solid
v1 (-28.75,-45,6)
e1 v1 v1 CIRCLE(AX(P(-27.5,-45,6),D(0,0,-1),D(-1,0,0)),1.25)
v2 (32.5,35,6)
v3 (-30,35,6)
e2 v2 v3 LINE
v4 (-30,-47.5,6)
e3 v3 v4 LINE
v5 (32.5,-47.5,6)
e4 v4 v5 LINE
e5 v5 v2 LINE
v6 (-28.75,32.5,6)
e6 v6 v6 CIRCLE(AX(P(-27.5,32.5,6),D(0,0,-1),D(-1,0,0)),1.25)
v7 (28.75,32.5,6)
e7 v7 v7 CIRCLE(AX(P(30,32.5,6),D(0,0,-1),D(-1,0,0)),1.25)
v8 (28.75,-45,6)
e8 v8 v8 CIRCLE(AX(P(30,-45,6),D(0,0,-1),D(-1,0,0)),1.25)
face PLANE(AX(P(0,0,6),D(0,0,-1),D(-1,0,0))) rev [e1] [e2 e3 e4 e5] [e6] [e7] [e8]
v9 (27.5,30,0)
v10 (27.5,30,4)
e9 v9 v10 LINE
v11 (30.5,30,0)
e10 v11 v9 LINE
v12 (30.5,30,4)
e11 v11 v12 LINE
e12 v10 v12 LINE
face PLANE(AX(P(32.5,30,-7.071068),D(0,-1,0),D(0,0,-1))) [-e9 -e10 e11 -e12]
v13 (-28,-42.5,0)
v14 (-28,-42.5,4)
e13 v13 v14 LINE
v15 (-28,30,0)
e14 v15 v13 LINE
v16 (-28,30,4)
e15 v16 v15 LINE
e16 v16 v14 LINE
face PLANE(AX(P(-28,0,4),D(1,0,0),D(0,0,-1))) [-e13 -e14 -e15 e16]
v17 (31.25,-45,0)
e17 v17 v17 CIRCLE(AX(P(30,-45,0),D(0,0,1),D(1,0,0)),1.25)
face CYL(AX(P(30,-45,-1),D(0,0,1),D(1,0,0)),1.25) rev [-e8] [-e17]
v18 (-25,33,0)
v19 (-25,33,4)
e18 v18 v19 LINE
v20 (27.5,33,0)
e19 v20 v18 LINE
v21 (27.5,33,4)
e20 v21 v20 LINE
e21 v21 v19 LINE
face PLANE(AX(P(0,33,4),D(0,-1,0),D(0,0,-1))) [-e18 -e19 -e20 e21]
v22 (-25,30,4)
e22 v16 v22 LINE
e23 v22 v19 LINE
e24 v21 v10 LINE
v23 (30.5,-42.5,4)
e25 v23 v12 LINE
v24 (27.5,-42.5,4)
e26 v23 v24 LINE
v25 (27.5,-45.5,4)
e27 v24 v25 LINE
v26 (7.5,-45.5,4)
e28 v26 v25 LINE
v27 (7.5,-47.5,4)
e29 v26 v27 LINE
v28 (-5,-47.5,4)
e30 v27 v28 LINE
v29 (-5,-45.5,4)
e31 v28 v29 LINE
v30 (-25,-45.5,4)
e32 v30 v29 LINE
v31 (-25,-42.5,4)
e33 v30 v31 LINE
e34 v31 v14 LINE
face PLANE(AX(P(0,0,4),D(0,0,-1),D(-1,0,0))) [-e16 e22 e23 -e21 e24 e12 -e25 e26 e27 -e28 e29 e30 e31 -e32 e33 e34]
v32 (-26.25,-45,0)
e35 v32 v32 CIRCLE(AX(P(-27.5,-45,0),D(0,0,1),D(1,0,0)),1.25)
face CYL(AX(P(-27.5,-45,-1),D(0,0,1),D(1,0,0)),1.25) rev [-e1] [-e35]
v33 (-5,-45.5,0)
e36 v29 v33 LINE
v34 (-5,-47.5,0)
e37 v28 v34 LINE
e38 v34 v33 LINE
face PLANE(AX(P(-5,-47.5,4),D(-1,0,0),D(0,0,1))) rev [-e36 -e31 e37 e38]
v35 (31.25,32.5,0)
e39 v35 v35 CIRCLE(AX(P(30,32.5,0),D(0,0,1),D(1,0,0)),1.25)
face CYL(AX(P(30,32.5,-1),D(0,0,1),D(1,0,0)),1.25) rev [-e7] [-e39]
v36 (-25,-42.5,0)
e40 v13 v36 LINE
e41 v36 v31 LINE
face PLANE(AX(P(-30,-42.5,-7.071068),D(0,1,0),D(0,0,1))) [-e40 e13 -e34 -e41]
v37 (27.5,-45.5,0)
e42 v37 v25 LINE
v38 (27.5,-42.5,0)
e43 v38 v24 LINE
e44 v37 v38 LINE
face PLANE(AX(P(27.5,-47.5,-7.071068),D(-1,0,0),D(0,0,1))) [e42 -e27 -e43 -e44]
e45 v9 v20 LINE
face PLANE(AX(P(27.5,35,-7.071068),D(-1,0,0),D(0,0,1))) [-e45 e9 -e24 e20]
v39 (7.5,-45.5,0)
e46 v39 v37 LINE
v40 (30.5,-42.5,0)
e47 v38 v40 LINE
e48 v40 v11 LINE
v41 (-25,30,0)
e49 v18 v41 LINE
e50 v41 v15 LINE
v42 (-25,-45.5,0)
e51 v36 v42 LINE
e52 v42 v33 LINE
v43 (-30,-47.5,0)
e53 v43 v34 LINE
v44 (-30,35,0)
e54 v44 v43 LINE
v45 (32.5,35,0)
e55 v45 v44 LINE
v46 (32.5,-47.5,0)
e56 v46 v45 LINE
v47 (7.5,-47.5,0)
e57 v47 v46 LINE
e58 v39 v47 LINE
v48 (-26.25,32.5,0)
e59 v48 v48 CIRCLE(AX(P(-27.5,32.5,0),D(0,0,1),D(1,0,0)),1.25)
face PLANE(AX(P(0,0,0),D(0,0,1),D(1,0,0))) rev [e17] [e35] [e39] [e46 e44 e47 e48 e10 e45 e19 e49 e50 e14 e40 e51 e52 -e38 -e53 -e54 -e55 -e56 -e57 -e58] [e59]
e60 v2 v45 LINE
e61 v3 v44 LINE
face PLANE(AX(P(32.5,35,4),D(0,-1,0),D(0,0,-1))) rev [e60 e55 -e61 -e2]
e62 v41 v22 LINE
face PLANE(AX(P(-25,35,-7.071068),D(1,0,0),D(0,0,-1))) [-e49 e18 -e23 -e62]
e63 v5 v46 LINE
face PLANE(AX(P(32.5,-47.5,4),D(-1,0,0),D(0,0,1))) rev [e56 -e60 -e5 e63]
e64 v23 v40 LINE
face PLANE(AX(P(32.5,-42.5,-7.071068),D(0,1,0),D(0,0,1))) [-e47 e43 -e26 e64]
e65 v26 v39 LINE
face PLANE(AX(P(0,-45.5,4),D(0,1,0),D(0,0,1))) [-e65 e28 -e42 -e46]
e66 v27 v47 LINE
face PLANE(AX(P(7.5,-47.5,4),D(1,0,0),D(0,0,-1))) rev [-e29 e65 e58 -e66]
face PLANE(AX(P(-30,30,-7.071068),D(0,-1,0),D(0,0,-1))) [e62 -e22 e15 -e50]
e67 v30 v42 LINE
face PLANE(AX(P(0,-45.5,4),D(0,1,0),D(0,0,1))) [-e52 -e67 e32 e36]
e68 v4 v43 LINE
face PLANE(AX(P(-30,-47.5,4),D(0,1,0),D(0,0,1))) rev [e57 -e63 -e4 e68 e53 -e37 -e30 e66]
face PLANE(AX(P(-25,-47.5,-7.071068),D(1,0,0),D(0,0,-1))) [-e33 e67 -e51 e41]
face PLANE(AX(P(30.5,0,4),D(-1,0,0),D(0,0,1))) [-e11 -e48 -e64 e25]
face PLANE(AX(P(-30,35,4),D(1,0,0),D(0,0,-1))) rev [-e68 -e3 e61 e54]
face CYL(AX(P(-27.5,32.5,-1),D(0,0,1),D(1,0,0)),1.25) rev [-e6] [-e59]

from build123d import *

# Parameters (mm, degrees)
SKIZZE1_W                       = 62.5
SKIZZE1_H                       = 82.5
AUFSATZ_LINEAR_AUSTRAGEN1_DEPTH = 4
AUFSATZ_LINEAR_START            = -4
SKIZZE2_W                       = 5
SKIZZE2_H                       = 5
SKIZZE2_R                       = 1.25
AUFSATZ_LINEAR_AUSTRAGEN2_DEPTH = 4
SKIZZE3_W                       = 62.5
SKIZZE3_H                       = 82.5
AUFSATZ_LINEAR_AUSTRAGEN3_DEPTH = 2
SKIZZE2_2_R                     = 1.25
SCHNITT_LINEAR_AUSTRAGEN1_DEPTH = 5
SCHNITT_LINEAR_START            = -2
SKIZZE4_R                       = 1.25
SCHNITT_LINEAR_AUSTRAGEN2_DEPTH = 2
SKIZZE5_W                       = 12.5
SKIZZE5_H                       = 2
SCHNITT_LINEAR_AUSTRAGEN3_DEPTH = 4


with BuildPart() as part:
    # Skizze1 → Aufsatz-Linear austragen1 (new body)
    with BuildSketch(Plane.XY):
        with Locations((1.25, -6.25)):
            Rectangle(SKIZZE1_W, SKIZZE1_H)
        with BuildLine():
            ThreePointArc((-28, 31.354356), (-26.616117, 31.616117), (-26.354356, 33))
            Line((-26.354356, 33), (28.854356, 33))
            ThreePointArc((28.854356, 33), (29.116117, 31.616117), (30.5, 31.354356))
            Line((30.5, 31.354356), (30.5, -43.854356))
            ThreePointArc((30.5, -43.854356), (29.116117, -44.116117), (28.854356, -45.5))
            Line((28.854356, -45.5), (-26.354356, -45.5))
            ThreePointArc((-26.354356, -45.5), (-26.616117, -44.116117), (-28, -43.854356))
            Line((-28, -43.854356), (-28, 31.354356))
        make_face(mode=Mode.SUBTRACT)
    extrude(amount=AUFSATZ_LINEAR_AUSTRAGEN1_DEPTH)

    # Skizze2 → Aufsatz-Linear austragen2 (add)
    # profile 1 of 4: a face of its own
    with BuildSketch(Plane.XY.offset(4).offset(AUFSATZ_LINEAR_START)):
        with Locations((-27.5, -45)):
            Rectangle(SKIZZE2_W, SKIZZE2_H)
        with Locations((-27.5, -45)):
            Circle(SKIZZE2_R, mode=Mode.SUBTRACT)
    # profile 2 of 4: a face of its own
    with BuildSketch(Plane.XY.offset(4).offset(AUFSATZ_LINEAR_START)):
        with Locations((30, -45)):
            Rectangle(SKIZZE2_W, SKIZZE2_H)
        with Locations((30, -45)):
            Circle(SKIZZE2_R, mode=Mode.SUBTRACT)
    # profile 3 of 4: a face of its own
    with BuildSketch(Plane.XY.offset(4).offset(AUFSATZ_LINEAR_START)):
        with Locations((30, 32.5)):
            Rectangle(SKIZZE2_W, SKIZZE2_H)
        with Locations((30, 32.5)):
            Circle(SKIZZE2_R, mode=Mode.SUBTRACT)
    # profile 4 of 4: a face of its own
    with BuildSketch(Plane.XY.offset(4).offset(AUFSATZ_LINEAR_START)):
        with Locations((-27.5, 32.5)):
            Rectangle(SKIZZE2_W, SKIZZE2_H)
        with Locations((-27.5, 32.5)):
            Circle(SKIZZE2_R, mode=Mode.SUBTRACT)
    extrude(amount=AUFSATZ_LINEAR_AUSTRAGEN2_DEPTH)

    # Skizze3 → Aufsatz-Linear austragen3 (add)
    with BuildSketch(Plane.XY.offset(4)):
        with Locations((1.25, -6.25)):
            Rectangle(SKIZZE3_W, SKIZZE3_H)
    extrude(amount=AUFSATZ_LINEAR_AUSTRAGEN3_DEPTH)

    # Skizze2<2> → Schnitt-Linear austragen1 (cut)
    with BuildSketch(Plane.XY.offset(4)):
        with BuildLine():
            ThreePointArc((-26.354356, -45.5), (-26.276367, -45.255387), (-26.25, -45))
            ThreePointArc((-26.25, -45), (-26.815347, -43.954175), (-28, -43.854356))
            ThreePointArc((-28, -43.854356), (-28.383883, -45.883883), (-26.354356, -45.5))
        make_face()
        with BuildLine():
            ThreePointArc((30.5, 31.354356), (31.045825, 31.815347), (31.25, 32.5))
            ThreePointArc((31.25, 32.5), (30.255387, 33.723633), (28.854356, 33))
            ThreePointArc((28.854356, 33), (29.116117, 31.616117), (30.5, 31.354356))
        make_face()
        with BuildLine():
            ThreePointArc((-28, 31.354356), (-26.815347, 31.454175), (-26.25, 32.5))
            ThreePointArc((-26.25, 32.5), (-26.276367, 32.755387), (-26.354356, 33))
            ThreePointArc((-26.354356, 33), (-28.383883, 33.383883), (-28, 31.354356))
        make_face()
        with Locations((30, -45)):
            Circle(SKIZZE2_2_R)
    extrude(amount=-SCHNITT_LINEAR_AUSTRAGEN1_DEPTH, mode=Mode.SUBTRACT)

    # Skizze4 → Schnitt-Linear austragen2 (cut)
    with BuildSketch(Plane(origin=(0, 0, 4), x_dir=(-1, 0, 0), z_dir=(0, 0, -1)).offset(SCHNITT_LINEAR_START)):
        with Locations(Location((27.5, 32.5, 0), (0, 0, 180))):
            Circle(SKIZZE4_R)
        with Locations(Location((27.5, -45, 0), (0, 0, 180))):
            Circle(SKIZZE4_R)
        with Locations(Location((-30, -45, 0), (0, 0, 180))):
            Circle(SKIZZE4_R)
        with Locations(Location((-30, 32.5, 0), (0, 0, 180))):
            Circle(SKIZZE4_R)
    extrude(amount=SCHNITT_LINEAR_AUSTRAGEN2_DEPTH, mode=Mode.SUBTRACT)

    # Skizze5 → Schnitt-Linear austragen3 (cut)
    with BuildSketch(Plane(origin=(0, 0, 0), x_dir=(-1, 0, 0), z_dir=(0, 0, -1))):
        with Locations((-1.25, -46.5)):
            Rectangle(SKIZZE5_W, SKIZZE5_H)
    extrude(amount=-SCHNITT_LINEAR_AUSTRAGEN3_DEPTH, mode=Mode.SUBTRACT)


solid = part.part
